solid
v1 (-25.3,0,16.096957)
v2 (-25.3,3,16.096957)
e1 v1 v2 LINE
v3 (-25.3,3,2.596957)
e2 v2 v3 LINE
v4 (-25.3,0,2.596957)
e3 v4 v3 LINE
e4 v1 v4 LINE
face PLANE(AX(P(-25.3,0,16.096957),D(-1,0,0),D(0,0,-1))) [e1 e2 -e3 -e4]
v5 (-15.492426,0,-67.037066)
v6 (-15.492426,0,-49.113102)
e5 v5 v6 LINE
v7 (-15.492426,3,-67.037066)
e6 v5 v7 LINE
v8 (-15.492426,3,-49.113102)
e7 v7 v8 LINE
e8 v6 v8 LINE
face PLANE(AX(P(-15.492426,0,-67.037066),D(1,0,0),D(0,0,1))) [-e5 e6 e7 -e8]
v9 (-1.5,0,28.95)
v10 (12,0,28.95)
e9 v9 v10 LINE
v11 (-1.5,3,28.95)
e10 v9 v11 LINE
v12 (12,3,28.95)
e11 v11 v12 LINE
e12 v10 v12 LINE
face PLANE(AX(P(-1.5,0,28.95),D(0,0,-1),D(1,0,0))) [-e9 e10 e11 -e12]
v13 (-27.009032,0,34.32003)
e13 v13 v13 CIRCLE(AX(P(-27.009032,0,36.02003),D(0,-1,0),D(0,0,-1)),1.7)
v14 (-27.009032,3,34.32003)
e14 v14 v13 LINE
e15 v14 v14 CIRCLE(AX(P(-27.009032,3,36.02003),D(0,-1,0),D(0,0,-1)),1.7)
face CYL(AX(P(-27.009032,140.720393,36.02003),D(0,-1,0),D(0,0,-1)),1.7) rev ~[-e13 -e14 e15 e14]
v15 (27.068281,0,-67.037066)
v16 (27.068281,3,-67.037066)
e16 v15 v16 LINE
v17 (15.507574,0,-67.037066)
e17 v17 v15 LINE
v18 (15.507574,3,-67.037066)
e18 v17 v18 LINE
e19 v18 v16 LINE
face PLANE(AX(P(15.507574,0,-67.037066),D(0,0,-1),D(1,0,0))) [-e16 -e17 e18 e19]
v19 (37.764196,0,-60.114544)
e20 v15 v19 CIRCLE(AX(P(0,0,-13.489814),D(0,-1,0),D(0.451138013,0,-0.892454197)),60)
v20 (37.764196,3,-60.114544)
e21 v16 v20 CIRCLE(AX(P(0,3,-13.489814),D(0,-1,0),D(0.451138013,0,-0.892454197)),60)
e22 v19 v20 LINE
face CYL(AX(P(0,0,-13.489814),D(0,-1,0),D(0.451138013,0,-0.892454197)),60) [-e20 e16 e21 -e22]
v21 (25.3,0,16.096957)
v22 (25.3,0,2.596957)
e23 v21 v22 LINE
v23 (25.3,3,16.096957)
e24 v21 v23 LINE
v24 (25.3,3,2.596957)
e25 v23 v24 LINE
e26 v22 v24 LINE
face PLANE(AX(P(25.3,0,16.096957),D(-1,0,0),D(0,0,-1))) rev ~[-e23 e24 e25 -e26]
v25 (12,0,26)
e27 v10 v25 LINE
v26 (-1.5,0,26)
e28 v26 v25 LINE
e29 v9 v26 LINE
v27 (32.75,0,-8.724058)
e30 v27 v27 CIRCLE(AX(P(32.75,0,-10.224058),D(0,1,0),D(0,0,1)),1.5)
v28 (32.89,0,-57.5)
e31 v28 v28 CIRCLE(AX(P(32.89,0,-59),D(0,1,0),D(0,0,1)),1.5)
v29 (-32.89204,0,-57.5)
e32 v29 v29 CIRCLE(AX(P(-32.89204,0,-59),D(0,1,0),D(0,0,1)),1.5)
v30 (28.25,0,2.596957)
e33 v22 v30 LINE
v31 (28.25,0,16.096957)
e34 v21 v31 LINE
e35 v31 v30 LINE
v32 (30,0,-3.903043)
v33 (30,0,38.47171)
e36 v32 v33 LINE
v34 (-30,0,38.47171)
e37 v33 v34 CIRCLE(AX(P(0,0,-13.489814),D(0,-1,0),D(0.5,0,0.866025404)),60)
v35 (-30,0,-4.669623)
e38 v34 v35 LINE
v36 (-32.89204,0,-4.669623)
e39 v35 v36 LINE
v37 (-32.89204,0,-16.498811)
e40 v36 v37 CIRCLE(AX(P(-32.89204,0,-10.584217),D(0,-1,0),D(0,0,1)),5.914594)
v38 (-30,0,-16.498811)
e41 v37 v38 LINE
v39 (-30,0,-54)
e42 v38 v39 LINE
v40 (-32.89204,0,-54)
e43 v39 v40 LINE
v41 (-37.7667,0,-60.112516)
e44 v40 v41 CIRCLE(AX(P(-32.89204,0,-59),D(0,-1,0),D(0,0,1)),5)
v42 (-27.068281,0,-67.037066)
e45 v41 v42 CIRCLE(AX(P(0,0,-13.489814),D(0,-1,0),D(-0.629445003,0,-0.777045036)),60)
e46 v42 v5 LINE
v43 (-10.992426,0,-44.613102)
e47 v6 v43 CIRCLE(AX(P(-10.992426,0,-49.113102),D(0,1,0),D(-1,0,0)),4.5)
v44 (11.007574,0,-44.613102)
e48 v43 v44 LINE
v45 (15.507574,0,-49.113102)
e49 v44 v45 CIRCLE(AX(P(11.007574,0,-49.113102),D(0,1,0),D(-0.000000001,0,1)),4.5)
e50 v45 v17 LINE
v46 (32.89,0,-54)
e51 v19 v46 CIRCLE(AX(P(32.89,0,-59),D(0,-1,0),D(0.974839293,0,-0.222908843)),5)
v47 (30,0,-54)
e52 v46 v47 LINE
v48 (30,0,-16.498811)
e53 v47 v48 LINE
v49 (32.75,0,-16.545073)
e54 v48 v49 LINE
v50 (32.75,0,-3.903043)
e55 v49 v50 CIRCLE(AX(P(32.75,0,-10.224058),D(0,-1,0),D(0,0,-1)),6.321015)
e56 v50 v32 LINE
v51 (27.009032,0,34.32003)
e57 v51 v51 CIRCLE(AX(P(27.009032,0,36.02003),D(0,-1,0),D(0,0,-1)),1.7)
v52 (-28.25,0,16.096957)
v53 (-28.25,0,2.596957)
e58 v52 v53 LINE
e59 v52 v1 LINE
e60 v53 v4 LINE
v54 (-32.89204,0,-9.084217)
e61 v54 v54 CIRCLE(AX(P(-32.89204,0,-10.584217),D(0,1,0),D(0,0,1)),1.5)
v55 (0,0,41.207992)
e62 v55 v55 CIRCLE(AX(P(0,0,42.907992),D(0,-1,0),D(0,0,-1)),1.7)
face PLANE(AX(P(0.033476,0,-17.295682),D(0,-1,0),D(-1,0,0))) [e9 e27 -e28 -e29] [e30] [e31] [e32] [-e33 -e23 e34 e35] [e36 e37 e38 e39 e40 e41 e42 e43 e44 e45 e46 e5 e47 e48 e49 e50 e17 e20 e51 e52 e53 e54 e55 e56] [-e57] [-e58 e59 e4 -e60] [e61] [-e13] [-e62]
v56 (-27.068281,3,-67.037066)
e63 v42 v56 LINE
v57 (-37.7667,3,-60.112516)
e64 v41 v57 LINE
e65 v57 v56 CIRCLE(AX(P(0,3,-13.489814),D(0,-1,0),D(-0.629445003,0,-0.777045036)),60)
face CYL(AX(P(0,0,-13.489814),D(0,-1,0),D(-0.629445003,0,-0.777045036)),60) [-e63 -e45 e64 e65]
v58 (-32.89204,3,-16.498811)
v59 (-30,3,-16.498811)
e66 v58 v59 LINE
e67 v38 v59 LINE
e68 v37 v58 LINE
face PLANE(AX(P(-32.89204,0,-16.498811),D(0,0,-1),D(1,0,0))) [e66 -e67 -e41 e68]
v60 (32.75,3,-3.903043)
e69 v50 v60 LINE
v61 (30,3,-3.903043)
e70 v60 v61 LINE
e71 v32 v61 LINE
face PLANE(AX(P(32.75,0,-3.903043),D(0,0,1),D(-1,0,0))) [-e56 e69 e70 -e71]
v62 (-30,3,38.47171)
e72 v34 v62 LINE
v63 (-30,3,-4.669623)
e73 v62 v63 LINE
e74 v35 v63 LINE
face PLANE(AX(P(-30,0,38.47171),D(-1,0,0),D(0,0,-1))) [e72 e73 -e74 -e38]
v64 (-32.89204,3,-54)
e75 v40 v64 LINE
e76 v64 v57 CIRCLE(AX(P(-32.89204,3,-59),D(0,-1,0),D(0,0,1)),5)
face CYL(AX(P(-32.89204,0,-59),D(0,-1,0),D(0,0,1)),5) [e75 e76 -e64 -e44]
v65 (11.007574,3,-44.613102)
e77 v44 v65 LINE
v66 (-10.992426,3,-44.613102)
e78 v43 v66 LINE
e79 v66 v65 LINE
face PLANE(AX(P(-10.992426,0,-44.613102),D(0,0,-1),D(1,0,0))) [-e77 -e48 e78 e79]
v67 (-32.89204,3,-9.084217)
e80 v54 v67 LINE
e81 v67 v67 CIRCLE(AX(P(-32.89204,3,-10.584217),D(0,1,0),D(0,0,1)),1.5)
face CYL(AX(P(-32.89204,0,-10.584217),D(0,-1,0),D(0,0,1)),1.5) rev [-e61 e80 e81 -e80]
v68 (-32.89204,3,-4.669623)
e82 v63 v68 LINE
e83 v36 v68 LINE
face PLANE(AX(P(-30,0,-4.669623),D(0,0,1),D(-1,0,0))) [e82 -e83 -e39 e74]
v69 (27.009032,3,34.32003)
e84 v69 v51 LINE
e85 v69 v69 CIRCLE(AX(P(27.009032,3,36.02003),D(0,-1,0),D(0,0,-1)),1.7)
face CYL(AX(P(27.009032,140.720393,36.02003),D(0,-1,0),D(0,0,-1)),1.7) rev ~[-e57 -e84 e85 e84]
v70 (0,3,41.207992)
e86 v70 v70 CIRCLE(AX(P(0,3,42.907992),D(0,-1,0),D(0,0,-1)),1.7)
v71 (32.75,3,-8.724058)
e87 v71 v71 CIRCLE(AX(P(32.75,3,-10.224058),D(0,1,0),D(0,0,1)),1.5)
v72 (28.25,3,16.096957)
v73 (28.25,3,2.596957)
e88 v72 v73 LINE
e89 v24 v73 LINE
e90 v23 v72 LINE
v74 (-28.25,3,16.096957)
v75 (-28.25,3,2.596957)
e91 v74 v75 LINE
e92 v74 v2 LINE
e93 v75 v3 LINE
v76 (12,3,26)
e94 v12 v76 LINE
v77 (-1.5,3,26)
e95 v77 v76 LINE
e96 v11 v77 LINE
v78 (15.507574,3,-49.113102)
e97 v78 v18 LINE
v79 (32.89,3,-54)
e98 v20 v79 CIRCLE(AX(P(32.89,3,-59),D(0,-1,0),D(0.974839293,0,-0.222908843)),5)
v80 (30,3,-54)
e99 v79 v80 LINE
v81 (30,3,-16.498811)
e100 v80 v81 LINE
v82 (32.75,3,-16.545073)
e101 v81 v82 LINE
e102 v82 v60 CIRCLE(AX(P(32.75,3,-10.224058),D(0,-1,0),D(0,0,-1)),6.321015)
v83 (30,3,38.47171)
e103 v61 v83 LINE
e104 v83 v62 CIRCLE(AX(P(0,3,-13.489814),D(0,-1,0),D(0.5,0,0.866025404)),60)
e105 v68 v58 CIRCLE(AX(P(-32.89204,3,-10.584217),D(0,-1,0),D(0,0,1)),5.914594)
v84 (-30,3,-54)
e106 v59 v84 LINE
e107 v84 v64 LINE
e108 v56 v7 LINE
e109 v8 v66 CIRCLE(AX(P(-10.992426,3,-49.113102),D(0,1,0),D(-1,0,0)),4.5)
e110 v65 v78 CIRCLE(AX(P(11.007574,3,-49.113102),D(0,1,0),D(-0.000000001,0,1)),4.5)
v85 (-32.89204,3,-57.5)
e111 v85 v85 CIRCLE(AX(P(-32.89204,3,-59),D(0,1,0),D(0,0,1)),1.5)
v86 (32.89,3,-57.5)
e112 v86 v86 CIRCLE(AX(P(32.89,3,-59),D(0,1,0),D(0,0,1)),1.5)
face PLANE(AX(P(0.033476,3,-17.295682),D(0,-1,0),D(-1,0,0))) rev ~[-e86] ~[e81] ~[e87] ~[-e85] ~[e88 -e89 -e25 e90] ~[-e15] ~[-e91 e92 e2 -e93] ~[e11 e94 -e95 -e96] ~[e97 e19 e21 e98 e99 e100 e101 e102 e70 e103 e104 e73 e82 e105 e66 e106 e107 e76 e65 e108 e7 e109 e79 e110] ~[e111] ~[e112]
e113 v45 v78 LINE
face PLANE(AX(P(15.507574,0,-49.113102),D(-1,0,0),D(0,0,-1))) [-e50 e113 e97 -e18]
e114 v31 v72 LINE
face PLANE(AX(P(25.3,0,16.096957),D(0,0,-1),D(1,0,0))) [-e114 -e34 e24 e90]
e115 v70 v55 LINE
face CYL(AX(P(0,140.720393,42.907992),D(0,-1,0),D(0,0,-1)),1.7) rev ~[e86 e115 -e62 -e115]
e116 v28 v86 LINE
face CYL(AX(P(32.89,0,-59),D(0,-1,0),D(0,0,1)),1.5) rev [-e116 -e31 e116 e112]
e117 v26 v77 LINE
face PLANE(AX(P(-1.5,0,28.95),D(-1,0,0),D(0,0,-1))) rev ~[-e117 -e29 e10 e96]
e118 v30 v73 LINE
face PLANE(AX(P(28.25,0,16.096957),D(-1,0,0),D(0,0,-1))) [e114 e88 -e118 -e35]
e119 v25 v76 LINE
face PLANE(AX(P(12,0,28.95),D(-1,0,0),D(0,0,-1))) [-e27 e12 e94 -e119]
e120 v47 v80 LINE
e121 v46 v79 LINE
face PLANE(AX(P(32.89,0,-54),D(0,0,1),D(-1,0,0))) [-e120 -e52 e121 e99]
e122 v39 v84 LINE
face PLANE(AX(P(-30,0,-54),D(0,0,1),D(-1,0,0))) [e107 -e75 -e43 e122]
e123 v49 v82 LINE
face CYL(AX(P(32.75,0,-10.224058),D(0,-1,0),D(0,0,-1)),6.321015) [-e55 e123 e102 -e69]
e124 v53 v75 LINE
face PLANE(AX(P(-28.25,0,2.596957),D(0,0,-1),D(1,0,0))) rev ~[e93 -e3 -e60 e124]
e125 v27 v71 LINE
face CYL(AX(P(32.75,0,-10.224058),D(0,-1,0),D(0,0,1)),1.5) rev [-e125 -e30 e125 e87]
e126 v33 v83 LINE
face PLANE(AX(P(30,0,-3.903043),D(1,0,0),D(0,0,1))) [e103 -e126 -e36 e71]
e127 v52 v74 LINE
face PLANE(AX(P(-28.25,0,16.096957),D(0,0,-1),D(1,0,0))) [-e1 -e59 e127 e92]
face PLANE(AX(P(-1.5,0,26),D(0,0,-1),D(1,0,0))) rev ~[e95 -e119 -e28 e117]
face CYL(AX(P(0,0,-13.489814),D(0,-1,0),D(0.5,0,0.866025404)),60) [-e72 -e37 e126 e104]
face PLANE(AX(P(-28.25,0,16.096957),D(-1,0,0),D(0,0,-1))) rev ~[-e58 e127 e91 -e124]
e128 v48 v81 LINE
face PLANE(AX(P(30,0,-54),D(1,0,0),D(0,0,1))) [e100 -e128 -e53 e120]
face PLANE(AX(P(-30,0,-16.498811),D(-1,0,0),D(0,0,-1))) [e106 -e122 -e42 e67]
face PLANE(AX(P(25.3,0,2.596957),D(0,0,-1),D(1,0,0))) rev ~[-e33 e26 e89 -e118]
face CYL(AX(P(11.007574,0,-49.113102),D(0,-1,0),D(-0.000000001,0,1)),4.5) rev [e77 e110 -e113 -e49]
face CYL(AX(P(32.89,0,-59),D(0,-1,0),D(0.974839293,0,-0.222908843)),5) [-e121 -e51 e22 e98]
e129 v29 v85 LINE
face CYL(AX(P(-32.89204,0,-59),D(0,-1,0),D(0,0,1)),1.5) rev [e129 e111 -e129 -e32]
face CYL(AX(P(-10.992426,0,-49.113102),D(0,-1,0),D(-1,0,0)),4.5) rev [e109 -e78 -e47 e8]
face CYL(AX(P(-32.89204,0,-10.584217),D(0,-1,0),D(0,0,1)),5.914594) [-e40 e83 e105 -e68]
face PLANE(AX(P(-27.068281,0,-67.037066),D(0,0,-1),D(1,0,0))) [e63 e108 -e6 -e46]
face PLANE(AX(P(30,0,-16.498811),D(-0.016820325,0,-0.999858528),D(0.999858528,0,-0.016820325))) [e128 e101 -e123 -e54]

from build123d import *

# Parameters (mm, degrees)
CROQUIS1_R                   = 1.5
CROQUIS1_W                   = 2.95
CROQUIS1_H                   = 13.5
CROQUIS1_W_2                 = 13.5
CROQUIS1_H_2                 = 2.95
SALIENTE_EXTRUIR1_DEPTH      = 3
TALADRO_DE_MARGEN_PARA_M31_D = 3.4


with BuildPart() as part:
    # Croquis1 → Saliente-Extruir1 (new body)
    with BuildSketch(Plane(origin=(0, 0, 0), x_dir=(1, 0, 0), z_dir=(0, 1, 0))):
        with BuildLine():
            Line((-30, -38.4717102), (-30, 4.669623367))
            Line((-30, 4.669623367), (-32.892040435, 4.669623367))
            ThreePointArc((-32.892040435, 4.669623367), (-38.806634145, 10.584217077), (-32.892040435, 16.498810786))
            Line((-32.892040435, 16.498810786), (-30, 16.498810786))
            Line((-30, 16.498810786), (-30, 45))
            Line((-30, 45), (-30, 54))
            Line((-30, 54), (-32.892040435, 54))
            ThreePointArc((-32.892040435, 54), (-36.801169554, 55.882515512), (-37.766700191, 60.112516186))
            ThreePointArc((-37.766700191, 60.112516186), (-32.601856319, 63.859635989), (-27.068280751, 67.037065844))
            Line((-27.068280751, 67.037065844), (-15.492425724, 67.037065844))
            Line((-15.492425724, 67.037065844), (-15.492425724, 55.619045247))
            Line((-15.492425724, 55.619045247), (-15.492425724, 49.113101928))
            ThreePointArc((-15.492425724, 49.113101928), (-14.174406239, 45.931121412), (-10.992425724, 44.613101928))
            Line((-10.992425724, 44.613101928), (11.007574276, 44.613101928))
            ThreePointArc((11.007574276, 44.613101928), (14.189554792, 45.931121412), (15.507574276, 49.113101928))
            Line((15.507574276, 49.113101928), (15.507574276, 55.631560476))
            Line((15.507574276, 55.631560476), (15.507574276, 67.037065844))
            Line((15.507574276, 67.037065844), (27.068280751, 67.037065844))
            ThreePointArc((27.068280751, 67.037065844), (32.60050386, 63.860511342), (37.764196466, 60.114544216))
            ThreePointArc((37.764196466, 60.114544216), (36.799777556, 55.883328786), (32.89, 54))
            Line((32.89, 54), (30, 54))
            Line((30, 54), (30, 45))
            Line((30, 45), (30, 16.498810786))
            Line((30, 16.498810786), (32.75, 16.545073224))
            ThreePointArc((32.75, 16.545073224), (39.071015067, 10.224058157), (32.75, 3.90304309))
            Line((32.75, 3.90304309), (30, 3.90304309))
            Line((30, 3.90304309), (30, -38.4717102))
            ThreePointArc((30, -38.4717102), (0, -46.510185973), (-30, -38.4717102))
        make_face()
        with Locations(Location((-32.892040435, 10.584217077, 0), (0, 0, 270))):
            Circle(CROQUIS1_R, mode=Mode.SUBTRACT)
        with Locations(Location((32.75, 10.224058157, 0), (0, 0, 270))):
            Circle(CROQUIS1_R, mode=Mode.SUBTRACT)
        with Locations(Location((-32.892040435, 59, 0), (0, 0, 270))):
            Circle(CROQUIS1_R, mode=Mode.SUBTRACT)
        with Locations(Location((32.89, 59, 0), (0, 0, 270))):
            Circle(CROQUIS1_R, mode=Mode.SUBTRACT)
        with Locations((-26.775, -9.34695691)):
            Rectangle(CROQUIS1_W, CROQUIS1_H, mode=Mode.SUBTRACT)
        with Locations((26.775, -9.34695691)):
            Rectangle(CROQUIS1_W, CROQUIS1_H, mode=Mode.SUBTRACT)
        with Locations((5.25, -27.475)):
            Rectangle(CROQUIS1_W_2, CROQUIS1_H_2, mode=Mode.SUBTRACT)
    extrude(amount=SALIENTE_EXTRUIR1_DEPTH)

    # Taladro de margen para M31 (through all)
    with Locations(Plane(origin=(-27.009031687, 3, 36.020030417), x_dir=(0, 0, 1), z_dir=(0, 1, 0))):
        with Locations((0, 0), (6.887961272, 27.009031687), (0, 54.018063374)):
            Hole(TALADRO_DE_MARGEN_PARA_M31_D / 2)


solid = part.part
